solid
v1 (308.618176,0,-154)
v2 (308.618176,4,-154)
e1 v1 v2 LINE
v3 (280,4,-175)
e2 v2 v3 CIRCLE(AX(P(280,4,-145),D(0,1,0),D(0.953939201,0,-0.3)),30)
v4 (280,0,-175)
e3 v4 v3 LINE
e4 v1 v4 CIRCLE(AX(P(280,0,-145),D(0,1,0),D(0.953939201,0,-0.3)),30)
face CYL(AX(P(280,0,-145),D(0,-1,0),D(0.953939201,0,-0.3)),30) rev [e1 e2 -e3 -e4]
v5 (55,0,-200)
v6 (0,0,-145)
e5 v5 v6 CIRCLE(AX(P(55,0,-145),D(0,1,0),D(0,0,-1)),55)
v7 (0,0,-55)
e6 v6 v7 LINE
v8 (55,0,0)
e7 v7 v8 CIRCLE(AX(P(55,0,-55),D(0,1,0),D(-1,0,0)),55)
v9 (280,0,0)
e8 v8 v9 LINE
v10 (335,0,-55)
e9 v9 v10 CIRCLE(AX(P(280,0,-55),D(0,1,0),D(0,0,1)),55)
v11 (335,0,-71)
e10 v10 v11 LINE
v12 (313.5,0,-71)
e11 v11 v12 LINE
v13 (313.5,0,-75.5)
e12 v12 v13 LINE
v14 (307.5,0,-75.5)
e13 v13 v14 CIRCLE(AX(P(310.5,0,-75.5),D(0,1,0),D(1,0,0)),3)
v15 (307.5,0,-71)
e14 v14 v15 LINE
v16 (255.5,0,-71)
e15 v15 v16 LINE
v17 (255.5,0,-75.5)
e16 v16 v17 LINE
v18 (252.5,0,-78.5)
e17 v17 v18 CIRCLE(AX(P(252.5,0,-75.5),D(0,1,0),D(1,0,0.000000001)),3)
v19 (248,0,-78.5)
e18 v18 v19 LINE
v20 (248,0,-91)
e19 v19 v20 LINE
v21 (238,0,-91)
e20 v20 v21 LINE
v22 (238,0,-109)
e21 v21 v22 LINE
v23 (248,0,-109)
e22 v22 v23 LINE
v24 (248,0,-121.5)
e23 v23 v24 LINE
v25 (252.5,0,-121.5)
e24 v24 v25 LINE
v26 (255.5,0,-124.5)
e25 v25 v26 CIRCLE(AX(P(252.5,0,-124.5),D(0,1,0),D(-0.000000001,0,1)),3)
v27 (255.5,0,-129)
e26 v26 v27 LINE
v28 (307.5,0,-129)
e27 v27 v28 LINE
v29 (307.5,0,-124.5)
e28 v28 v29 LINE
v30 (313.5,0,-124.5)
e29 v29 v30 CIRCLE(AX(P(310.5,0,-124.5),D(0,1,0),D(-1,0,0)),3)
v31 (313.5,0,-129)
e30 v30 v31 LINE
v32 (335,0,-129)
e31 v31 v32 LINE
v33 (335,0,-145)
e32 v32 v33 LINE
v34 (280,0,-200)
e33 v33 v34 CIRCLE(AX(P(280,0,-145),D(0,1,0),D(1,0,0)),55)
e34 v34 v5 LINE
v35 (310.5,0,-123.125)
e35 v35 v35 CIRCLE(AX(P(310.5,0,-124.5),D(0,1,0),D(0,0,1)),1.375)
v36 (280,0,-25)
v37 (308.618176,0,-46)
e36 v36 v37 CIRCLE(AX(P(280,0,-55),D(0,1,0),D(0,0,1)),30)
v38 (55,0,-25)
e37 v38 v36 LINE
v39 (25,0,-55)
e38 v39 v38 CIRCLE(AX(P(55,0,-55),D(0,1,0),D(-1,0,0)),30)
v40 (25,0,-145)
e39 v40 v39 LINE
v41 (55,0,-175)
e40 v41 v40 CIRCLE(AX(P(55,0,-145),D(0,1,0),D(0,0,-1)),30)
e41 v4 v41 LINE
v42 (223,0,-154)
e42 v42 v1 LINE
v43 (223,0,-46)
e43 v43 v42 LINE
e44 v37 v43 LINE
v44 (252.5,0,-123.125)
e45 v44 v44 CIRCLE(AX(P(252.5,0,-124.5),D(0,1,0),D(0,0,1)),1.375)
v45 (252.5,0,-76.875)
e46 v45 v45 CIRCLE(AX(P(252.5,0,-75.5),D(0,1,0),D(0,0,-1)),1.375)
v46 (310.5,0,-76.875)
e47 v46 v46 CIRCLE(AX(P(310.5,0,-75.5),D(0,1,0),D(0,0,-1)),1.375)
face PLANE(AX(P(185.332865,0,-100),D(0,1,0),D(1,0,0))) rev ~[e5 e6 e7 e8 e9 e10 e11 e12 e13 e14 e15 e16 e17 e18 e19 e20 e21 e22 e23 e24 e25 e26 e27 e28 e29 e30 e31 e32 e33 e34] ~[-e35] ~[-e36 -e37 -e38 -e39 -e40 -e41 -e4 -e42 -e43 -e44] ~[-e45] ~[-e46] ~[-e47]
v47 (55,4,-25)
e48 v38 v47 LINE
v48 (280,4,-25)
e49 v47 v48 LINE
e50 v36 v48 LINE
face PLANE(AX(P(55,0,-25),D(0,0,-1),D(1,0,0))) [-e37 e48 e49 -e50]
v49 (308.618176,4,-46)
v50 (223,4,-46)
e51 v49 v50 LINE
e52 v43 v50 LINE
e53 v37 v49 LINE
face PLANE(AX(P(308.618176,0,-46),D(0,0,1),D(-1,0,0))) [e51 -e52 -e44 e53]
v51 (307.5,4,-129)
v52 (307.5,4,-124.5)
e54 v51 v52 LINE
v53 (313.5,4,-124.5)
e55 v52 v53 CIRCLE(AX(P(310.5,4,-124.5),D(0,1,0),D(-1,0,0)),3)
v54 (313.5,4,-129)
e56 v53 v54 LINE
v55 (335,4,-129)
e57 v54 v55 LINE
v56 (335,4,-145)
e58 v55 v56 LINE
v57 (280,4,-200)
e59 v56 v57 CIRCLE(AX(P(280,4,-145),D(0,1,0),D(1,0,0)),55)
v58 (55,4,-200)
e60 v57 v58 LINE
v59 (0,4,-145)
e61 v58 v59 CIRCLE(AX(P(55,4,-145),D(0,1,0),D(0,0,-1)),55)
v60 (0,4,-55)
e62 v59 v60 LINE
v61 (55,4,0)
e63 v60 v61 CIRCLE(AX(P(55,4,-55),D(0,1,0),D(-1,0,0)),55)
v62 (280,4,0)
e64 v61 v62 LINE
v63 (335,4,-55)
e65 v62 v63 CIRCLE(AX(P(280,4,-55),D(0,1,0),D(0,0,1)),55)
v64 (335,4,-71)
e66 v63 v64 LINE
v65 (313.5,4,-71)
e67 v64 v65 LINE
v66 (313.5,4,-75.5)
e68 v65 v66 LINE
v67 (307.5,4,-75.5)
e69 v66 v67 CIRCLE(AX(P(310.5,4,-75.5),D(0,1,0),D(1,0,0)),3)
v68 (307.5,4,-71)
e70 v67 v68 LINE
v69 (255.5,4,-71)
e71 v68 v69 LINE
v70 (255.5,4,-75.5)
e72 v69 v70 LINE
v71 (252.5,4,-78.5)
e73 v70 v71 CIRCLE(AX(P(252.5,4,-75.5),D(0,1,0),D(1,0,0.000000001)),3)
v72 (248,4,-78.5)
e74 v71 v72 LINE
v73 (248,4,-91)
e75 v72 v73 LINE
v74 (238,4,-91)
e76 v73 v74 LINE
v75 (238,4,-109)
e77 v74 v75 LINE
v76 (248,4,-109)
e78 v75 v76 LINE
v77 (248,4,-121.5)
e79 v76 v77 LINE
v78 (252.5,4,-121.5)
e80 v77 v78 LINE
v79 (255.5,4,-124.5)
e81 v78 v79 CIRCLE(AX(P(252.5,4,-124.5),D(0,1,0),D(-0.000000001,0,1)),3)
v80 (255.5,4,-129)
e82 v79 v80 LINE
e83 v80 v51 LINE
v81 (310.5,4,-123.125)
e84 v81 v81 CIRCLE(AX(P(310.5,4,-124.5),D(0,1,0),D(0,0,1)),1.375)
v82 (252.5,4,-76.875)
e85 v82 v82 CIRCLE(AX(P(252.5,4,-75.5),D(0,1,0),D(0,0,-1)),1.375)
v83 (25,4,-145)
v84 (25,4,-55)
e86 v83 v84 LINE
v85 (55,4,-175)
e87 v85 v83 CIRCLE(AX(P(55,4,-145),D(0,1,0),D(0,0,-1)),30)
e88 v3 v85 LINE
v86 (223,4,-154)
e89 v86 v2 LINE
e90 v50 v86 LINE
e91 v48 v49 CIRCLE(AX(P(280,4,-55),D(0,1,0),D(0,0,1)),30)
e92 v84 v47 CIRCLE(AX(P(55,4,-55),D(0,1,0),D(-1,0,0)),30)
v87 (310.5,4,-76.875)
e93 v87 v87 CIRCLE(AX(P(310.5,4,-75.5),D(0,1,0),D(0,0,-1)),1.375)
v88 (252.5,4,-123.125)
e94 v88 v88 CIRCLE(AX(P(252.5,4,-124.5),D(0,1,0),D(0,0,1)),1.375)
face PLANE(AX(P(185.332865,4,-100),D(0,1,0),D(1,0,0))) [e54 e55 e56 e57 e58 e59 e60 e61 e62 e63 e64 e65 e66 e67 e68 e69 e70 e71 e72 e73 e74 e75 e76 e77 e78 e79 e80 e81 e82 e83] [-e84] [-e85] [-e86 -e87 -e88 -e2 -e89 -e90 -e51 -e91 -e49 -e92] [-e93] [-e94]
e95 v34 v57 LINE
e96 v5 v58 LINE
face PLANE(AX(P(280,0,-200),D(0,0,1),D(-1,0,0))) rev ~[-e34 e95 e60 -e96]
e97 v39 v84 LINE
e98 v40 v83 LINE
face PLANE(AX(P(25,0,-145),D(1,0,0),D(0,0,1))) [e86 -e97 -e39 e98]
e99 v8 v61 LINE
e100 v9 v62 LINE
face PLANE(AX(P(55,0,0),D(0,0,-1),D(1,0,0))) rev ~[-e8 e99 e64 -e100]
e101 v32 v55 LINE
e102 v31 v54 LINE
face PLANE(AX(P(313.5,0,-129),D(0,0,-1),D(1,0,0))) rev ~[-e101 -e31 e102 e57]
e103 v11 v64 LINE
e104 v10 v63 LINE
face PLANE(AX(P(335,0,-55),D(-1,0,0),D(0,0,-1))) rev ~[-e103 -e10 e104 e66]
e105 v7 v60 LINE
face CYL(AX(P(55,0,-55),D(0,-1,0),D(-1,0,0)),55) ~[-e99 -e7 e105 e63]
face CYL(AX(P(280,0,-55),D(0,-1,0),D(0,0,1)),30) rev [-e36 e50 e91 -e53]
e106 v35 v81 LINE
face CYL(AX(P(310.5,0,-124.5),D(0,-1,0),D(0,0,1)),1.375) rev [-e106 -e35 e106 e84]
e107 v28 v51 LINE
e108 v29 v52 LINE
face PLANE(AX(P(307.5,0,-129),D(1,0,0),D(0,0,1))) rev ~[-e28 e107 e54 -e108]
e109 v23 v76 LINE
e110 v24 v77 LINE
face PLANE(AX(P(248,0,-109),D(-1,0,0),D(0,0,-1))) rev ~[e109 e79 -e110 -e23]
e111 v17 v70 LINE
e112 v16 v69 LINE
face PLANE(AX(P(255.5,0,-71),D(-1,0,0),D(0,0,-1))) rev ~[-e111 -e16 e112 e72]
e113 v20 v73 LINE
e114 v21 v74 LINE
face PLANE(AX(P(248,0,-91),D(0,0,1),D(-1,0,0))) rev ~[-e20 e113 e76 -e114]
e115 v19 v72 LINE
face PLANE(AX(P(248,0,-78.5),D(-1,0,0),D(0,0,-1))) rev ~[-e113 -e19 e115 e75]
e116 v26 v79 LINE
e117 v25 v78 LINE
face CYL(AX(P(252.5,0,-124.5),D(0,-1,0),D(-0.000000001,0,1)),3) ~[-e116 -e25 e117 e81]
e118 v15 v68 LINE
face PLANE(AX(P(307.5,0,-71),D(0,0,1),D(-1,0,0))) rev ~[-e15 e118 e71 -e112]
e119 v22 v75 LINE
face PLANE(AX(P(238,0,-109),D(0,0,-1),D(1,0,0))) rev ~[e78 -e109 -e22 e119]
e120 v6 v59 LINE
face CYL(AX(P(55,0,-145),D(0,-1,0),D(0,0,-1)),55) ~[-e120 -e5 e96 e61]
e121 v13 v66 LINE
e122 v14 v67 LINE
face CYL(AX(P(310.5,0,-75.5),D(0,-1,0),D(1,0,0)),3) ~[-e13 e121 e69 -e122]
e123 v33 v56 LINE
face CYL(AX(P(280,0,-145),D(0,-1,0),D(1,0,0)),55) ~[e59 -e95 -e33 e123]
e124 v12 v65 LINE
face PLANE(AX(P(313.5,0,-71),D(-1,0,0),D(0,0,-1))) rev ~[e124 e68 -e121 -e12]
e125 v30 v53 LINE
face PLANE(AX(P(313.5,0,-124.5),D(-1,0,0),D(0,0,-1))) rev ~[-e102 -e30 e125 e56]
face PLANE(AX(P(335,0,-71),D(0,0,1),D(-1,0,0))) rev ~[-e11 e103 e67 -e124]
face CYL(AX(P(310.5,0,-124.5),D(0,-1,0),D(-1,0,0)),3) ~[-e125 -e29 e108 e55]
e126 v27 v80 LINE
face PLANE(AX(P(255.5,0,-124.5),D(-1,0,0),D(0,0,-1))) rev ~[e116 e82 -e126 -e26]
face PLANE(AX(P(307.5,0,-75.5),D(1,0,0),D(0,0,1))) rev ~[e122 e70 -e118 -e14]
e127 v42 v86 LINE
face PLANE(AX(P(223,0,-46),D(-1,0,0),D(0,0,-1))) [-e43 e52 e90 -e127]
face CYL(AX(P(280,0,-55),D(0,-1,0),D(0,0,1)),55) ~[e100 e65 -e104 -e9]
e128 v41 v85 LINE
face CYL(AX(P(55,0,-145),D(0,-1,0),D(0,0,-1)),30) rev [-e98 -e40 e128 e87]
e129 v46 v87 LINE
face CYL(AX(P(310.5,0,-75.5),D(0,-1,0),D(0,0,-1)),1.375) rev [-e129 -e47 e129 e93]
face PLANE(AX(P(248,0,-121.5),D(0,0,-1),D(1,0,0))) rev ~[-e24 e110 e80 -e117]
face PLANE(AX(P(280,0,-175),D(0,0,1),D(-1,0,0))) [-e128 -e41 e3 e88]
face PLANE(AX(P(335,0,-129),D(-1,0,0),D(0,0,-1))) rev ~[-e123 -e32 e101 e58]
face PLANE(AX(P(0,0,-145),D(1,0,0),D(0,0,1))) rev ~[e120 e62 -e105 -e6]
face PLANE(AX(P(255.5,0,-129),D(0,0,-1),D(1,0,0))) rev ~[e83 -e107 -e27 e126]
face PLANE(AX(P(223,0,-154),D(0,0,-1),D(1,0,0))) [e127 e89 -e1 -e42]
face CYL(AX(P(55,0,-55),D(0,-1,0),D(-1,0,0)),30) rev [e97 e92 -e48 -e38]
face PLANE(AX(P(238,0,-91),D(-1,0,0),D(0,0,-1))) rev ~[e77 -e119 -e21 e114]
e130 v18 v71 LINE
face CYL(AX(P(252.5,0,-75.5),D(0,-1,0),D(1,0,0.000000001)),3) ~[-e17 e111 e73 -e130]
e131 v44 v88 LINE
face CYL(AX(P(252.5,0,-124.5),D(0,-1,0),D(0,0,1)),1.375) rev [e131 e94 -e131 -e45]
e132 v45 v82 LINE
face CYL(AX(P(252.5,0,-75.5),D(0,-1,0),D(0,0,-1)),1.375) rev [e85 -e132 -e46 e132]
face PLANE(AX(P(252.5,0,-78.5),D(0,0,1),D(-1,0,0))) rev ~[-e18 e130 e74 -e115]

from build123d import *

# Parameters (mm, degrees)
SKETCH1_R           = 1.375
BOSS_EXTRUDE1_DEPTH = 4


with BuildPart() as part:
    # Sketch1 → Boss-Extrude1 (new body)
    with BuildSketch(Plane(origin=(0, 0, 0), x_dir=(1, 0, 0), z_dir=(0, 1, 0))):
        with BuildLine():
            Line((55, 0), (280, 0))
            ThreePointArc((280, 0), (318.890872965, 16.109127035), (335, 55))
            Line((335, 55), (335, 71))
            Line((335, 71), (313.5, 71))
            Line((313.5, 71), (313.5, 75.5))
            ThreePointArc((313.5, 75.5), (310.5, 78.5), (307.5, 75.5))
            Line((307.5, 75.5), (307.5, 71))
            Line((307.5, 71), (255.5, 71))
            Line((255.5, 71), (255.5, 75.5))
            ThreePointArc((255.5, 75.5), (254.621320344, 77.621320344), (252.5, 78.5))
            Line((252.5, 78.5), (248, 78.5))
            Line((248, 78.5), (248, 91))
            Line((248, 91), (238, 91))
            Line((238, 91), (238, 109))
            Line((238, 109), (248, 109))
            Line((248, 109), (248, 121.5))
            Line((248, 121.5), (252.5, 121.5))
            ThreePointArc((252.5, 121.5), (254.621320344, 122.378679656), (255.5, 124.5))
            Line((255.5, 124.5), (255.5, 129))
            Line((255.5, 129), (307.5, 129))
            Line((307.5, 129), (307.5, 124.5))
            ThreePointArc((307.5, 124.5), (310.5, 121.5), (313.5, 124.5))
            Line((313.5, 124.5), (313.5, 129))
            Line((313.5, 129), (335, 129))
            Line((335, 129), (335, 145))
            ThreePointArc((335, 145), (318.890872965, 183.890872965), (280, 200))
            Line((280, 200), (55, 200))
            ThreePointArc((55, 200), (16.109127035, 183.890872965), (0, 145))
            Line((0, 145), (0, 55))
            ThreePointArc((0, 55), (16.109127035, 16.109127035), (55, 0))
        make_face()
        with Locations(Location((252.5, 124.5, 0), (0, 0, 270))):
            Circle(SKETCH1_R, mode=Mode.SUBTRACT)
        with Locations(Location((252.5, 75.5, 0), (0, 0, 90))):
            Circle(SKETCH1_R, mode=Mode.SUBTRACT)
        with Locations(Location((310.5, 124.5, 0), (0, 0, 270))):
            Circle(SKETCH1_R, mode=Mode.SUBTRACT)
        with Locations(Location((310.5, 75.5, 0), (0, 0, 90))):
            Circle(SKETCH1_R, mode=Mode.SUBTRACT)
        with BuildLine():
            Line((55, 25), (280, 25))
            ThreePointArc((280, 25), (297.748239349, 30.813226755), (308.618176043, 46))
            Line((308.618176043, 46), (223, 46))
            Line((223, 46), (223, 154))
            Line((223, 154), (308.618176043, 154))
            ThreePointArc((308.618176043, 154), (297.748239349, 169.186773245), (280, 175))
            Line((280, 175), (55, 175))
            ThreePointArc((55, 175), (33.786796564, 166.213203436), (25, 145))
            Line((25, 145), (25, 55))
            ThreePointArc((25, 55), (33.786796564, 33.786796564), (55, 25))
        make_face(mode=Mode.SUBTRACT)
    extrude(amount=BOSS_EXTRUDE1_DEPTH)


solid = part.part
